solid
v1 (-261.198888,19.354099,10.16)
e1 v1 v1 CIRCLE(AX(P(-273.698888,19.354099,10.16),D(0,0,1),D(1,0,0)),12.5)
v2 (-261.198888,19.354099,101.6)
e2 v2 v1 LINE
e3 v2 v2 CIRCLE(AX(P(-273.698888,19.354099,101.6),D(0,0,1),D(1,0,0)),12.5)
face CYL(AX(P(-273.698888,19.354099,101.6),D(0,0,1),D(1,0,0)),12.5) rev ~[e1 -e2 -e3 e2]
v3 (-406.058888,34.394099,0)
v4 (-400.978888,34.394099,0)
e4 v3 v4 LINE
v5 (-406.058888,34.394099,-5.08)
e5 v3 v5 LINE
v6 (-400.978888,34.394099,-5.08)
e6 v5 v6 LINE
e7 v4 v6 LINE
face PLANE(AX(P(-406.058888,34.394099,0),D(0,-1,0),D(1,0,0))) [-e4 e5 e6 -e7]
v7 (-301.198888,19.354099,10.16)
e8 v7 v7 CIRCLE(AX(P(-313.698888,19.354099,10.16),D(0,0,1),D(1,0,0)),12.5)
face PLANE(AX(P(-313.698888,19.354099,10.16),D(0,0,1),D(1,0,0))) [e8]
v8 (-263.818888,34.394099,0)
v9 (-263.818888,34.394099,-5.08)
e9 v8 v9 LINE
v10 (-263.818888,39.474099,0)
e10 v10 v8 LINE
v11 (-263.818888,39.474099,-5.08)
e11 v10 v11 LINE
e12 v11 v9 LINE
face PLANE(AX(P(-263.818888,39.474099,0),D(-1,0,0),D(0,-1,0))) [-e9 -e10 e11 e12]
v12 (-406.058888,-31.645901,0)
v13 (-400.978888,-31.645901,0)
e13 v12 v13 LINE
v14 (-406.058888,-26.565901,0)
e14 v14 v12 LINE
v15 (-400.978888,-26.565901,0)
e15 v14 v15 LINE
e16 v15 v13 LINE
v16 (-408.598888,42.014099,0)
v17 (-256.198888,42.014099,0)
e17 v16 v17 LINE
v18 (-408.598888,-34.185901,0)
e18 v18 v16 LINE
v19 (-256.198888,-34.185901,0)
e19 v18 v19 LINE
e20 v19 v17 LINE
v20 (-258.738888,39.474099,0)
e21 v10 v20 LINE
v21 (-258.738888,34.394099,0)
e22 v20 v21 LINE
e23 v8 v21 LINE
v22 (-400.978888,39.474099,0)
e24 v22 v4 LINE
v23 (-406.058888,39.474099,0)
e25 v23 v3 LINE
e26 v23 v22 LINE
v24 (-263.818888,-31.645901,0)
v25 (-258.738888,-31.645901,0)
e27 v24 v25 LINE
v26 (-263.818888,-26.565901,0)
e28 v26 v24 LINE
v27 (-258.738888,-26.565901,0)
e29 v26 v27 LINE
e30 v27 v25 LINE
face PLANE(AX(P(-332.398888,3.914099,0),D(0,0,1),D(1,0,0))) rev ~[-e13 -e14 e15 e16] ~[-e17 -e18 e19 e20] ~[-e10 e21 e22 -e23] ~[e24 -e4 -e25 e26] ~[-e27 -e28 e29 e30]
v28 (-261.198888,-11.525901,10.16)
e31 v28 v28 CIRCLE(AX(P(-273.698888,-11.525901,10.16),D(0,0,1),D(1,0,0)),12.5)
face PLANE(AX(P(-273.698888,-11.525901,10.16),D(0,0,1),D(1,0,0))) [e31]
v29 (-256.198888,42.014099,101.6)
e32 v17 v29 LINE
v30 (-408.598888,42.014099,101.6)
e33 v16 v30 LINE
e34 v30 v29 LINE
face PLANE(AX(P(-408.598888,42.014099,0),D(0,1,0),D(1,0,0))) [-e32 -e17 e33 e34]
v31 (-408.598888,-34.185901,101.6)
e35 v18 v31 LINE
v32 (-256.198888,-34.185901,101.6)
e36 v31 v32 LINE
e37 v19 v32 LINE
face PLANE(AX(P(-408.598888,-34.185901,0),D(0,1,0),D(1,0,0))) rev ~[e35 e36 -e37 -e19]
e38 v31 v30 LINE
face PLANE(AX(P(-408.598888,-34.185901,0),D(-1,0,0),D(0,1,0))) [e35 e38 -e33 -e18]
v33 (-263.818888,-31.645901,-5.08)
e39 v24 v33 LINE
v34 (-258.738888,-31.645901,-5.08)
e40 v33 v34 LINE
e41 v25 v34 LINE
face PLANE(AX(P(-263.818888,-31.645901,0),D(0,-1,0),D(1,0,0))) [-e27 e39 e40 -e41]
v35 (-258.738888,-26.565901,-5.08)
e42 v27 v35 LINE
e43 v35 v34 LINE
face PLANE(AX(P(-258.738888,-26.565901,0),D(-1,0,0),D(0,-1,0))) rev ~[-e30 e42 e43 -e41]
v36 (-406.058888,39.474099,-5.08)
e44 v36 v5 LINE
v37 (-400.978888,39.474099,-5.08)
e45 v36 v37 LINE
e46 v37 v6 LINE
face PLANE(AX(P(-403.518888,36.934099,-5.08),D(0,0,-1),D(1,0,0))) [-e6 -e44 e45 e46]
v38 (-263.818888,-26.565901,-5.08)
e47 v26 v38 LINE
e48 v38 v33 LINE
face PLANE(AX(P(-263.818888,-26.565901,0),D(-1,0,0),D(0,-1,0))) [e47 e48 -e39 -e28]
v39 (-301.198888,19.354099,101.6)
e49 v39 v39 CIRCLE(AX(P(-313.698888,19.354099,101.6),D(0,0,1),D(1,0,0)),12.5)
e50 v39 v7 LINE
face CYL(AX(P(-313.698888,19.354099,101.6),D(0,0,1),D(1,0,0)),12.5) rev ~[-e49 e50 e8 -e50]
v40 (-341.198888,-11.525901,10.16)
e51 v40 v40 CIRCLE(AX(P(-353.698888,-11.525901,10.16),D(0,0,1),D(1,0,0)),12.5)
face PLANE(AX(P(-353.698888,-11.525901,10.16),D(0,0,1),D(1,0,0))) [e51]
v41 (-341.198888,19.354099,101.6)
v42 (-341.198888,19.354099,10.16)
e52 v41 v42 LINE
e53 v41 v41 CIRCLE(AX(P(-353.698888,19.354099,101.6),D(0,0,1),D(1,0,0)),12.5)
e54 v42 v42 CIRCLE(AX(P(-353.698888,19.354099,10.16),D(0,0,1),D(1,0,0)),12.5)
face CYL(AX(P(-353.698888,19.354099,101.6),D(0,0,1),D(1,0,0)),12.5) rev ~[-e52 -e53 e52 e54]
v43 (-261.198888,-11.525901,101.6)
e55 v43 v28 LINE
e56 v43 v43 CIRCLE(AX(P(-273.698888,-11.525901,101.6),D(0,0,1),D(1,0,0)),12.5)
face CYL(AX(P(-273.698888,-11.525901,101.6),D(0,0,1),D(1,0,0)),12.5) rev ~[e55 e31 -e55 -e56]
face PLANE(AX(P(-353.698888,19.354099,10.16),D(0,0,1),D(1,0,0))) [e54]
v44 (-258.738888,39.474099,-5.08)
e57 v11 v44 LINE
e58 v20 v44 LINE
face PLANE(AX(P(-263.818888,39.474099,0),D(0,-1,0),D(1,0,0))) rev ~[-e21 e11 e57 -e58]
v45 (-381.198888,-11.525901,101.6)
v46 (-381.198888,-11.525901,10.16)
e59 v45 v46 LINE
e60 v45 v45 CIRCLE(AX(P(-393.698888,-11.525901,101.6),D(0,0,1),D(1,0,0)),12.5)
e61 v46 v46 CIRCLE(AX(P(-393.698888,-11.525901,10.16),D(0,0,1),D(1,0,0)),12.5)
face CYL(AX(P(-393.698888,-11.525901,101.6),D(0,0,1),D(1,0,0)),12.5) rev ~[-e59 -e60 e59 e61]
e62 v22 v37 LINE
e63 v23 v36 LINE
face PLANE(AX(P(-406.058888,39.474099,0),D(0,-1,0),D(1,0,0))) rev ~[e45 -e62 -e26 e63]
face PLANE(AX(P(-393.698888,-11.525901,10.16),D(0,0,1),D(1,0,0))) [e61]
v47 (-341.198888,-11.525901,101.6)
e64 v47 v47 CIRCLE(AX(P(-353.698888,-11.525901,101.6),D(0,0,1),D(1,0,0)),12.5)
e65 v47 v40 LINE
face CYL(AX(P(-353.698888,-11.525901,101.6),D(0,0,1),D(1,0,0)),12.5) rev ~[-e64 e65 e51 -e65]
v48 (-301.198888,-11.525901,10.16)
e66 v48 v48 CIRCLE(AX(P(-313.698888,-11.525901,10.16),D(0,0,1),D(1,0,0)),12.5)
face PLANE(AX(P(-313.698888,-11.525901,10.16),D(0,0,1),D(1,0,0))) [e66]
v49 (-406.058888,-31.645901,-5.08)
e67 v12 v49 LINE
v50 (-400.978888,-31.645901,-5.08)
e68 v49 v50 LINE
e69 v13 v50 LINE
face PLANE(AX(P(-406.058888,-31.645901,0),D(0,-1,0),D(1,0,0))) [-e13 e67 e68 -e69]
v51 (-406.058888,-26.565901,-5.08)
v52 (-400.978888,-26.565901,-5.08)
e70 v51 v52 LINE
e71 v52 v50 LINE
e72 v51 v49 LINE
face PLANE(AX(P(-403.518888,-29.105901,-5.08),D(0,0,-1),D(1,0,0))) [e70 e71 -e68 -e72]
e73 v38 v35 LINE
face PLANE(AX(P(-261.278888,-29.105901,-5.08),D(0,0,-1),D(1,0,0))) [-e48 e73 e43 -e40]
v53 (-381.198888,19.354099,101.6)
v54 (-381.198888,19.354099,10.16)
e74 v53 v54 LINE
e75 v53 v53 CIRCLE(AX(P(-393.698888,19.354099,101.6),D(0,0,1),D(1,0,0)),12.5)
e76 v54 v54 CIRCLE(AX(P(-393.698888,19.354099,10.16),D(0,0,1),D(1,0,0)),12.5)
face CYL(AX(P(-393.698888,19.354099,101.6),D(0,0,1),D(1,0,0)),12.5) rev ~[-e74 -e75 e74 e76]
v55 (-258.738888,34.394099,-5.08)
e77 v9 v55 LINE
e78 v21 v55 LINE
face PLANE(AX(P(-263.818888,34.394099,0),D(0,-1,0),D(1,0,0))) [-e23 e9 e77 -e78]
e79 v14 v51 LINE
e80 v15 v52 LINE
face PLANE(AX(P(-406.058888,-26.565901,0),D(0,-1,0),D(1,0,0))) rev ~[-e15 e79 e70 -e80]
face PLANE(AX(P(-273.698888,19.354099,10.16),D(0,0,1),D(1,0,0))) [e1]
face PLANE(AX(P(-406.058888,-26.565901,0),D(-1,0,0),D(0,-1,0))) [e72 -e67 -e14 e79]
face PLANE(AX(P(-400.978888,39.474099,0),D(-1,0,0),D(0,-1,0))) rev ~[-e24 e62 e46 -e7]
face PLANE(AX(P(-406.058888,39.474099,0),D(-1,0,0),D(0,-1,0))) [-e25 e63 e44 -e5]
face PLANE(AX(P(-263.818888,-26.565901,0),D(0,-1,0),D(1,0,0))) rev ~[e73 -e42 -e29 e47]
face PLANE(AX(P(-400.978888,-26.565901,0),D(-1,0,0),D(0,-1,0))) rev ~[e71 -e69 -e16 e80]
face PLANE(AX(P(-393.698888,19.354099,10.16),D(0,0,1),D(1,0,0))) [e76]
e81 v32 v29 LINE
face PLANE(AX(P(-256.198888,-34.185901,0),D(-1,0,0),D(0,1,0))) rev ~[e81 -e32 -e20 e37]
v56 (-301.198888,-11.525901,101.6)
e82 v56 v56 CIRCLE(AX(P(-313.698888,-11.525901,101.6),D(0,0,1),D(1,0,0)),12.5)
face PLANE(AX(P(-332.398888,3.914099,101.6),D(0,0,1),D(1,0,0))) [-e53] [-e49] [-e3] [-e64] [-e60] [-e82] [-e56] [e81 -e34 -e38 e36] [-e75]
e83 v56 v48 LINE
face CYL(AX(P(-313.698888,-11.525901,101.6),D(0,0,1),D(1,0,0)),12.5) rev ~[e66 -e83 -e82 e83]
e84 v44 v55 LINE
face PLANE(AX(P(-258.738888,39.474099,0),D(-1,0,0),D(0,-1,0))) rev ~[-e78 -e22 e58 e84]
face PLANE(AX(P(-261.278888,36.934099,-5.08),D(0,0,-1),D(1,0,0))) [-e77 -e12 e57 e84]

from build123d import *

# Parameters (mm, degrees)
F0_W     = 152.4
F0_H     = 76.2
F1_DEPTH = 101.6
F2_R     = 12.5
F3_DEPTH = 91.44
F4_W     = 5.08
F4_H     = 5.08
F5_DEPTH = 5.08


with BuildPart() as f1:
    # F0 (on Top) → F1 (new body)
    with BuildSketch(Plane.XY):
        with Locations((-332.398888, 3.914099)):
            Rectangle(F0_W, F0_H)
    extrude(amount=F1_DEPTH)

    # F2 (on face) → F3 (cut)
    with BuildSketch(Plane.XY.offset(101.6)):
        with Locations((-393.698888, 19.354099)):
            Circle(F2_R)
        with Locations((-353.698888, 19.354099)):
            Circle(F2_R)
        with Locations((-313.698888, 19.354099)):
            Circle(F2_R)
        with Locations((-273.698888, -11.525901)):
            Circle(F2_R)
        with Locations((-313.698888, -11.525901)):
            Circle(F2_R)
        with Locations((-353.698888, -11.525901)):
            Circle(F2_R)
        with Locations((-393.698888, -11.525901)):
            Circle(F2_R)
        with Locations((-273.698888, 19.354099)):
            Circle(F2_R)
    extrude(amount=-F3_DEPTH, mode=Mode.SUBTRACT)

    # F4 (on face) → F5 (join)
    with BuildSketch(Plane(origin=(0, 0, 0), x_dir=(1, 0, 0), z_dir=(0, 0, -1))):
        with Locations((-403.518888, 29.105901)):
            Rectangle(F4_W, F4_H)
        with Locations((-403.518888, -36.934099)):
            Rectangle(F4_W, F4_H)
        with Locations((-261.278888, -36.934099)):
            Rectangle(F4_W, F4_H)
        with Locations((-261.278888, 29.105901)):
            Rectangle(F4_W, F4_H)
    extrude(amount=F5_DEPTH)


solid = f1.part
